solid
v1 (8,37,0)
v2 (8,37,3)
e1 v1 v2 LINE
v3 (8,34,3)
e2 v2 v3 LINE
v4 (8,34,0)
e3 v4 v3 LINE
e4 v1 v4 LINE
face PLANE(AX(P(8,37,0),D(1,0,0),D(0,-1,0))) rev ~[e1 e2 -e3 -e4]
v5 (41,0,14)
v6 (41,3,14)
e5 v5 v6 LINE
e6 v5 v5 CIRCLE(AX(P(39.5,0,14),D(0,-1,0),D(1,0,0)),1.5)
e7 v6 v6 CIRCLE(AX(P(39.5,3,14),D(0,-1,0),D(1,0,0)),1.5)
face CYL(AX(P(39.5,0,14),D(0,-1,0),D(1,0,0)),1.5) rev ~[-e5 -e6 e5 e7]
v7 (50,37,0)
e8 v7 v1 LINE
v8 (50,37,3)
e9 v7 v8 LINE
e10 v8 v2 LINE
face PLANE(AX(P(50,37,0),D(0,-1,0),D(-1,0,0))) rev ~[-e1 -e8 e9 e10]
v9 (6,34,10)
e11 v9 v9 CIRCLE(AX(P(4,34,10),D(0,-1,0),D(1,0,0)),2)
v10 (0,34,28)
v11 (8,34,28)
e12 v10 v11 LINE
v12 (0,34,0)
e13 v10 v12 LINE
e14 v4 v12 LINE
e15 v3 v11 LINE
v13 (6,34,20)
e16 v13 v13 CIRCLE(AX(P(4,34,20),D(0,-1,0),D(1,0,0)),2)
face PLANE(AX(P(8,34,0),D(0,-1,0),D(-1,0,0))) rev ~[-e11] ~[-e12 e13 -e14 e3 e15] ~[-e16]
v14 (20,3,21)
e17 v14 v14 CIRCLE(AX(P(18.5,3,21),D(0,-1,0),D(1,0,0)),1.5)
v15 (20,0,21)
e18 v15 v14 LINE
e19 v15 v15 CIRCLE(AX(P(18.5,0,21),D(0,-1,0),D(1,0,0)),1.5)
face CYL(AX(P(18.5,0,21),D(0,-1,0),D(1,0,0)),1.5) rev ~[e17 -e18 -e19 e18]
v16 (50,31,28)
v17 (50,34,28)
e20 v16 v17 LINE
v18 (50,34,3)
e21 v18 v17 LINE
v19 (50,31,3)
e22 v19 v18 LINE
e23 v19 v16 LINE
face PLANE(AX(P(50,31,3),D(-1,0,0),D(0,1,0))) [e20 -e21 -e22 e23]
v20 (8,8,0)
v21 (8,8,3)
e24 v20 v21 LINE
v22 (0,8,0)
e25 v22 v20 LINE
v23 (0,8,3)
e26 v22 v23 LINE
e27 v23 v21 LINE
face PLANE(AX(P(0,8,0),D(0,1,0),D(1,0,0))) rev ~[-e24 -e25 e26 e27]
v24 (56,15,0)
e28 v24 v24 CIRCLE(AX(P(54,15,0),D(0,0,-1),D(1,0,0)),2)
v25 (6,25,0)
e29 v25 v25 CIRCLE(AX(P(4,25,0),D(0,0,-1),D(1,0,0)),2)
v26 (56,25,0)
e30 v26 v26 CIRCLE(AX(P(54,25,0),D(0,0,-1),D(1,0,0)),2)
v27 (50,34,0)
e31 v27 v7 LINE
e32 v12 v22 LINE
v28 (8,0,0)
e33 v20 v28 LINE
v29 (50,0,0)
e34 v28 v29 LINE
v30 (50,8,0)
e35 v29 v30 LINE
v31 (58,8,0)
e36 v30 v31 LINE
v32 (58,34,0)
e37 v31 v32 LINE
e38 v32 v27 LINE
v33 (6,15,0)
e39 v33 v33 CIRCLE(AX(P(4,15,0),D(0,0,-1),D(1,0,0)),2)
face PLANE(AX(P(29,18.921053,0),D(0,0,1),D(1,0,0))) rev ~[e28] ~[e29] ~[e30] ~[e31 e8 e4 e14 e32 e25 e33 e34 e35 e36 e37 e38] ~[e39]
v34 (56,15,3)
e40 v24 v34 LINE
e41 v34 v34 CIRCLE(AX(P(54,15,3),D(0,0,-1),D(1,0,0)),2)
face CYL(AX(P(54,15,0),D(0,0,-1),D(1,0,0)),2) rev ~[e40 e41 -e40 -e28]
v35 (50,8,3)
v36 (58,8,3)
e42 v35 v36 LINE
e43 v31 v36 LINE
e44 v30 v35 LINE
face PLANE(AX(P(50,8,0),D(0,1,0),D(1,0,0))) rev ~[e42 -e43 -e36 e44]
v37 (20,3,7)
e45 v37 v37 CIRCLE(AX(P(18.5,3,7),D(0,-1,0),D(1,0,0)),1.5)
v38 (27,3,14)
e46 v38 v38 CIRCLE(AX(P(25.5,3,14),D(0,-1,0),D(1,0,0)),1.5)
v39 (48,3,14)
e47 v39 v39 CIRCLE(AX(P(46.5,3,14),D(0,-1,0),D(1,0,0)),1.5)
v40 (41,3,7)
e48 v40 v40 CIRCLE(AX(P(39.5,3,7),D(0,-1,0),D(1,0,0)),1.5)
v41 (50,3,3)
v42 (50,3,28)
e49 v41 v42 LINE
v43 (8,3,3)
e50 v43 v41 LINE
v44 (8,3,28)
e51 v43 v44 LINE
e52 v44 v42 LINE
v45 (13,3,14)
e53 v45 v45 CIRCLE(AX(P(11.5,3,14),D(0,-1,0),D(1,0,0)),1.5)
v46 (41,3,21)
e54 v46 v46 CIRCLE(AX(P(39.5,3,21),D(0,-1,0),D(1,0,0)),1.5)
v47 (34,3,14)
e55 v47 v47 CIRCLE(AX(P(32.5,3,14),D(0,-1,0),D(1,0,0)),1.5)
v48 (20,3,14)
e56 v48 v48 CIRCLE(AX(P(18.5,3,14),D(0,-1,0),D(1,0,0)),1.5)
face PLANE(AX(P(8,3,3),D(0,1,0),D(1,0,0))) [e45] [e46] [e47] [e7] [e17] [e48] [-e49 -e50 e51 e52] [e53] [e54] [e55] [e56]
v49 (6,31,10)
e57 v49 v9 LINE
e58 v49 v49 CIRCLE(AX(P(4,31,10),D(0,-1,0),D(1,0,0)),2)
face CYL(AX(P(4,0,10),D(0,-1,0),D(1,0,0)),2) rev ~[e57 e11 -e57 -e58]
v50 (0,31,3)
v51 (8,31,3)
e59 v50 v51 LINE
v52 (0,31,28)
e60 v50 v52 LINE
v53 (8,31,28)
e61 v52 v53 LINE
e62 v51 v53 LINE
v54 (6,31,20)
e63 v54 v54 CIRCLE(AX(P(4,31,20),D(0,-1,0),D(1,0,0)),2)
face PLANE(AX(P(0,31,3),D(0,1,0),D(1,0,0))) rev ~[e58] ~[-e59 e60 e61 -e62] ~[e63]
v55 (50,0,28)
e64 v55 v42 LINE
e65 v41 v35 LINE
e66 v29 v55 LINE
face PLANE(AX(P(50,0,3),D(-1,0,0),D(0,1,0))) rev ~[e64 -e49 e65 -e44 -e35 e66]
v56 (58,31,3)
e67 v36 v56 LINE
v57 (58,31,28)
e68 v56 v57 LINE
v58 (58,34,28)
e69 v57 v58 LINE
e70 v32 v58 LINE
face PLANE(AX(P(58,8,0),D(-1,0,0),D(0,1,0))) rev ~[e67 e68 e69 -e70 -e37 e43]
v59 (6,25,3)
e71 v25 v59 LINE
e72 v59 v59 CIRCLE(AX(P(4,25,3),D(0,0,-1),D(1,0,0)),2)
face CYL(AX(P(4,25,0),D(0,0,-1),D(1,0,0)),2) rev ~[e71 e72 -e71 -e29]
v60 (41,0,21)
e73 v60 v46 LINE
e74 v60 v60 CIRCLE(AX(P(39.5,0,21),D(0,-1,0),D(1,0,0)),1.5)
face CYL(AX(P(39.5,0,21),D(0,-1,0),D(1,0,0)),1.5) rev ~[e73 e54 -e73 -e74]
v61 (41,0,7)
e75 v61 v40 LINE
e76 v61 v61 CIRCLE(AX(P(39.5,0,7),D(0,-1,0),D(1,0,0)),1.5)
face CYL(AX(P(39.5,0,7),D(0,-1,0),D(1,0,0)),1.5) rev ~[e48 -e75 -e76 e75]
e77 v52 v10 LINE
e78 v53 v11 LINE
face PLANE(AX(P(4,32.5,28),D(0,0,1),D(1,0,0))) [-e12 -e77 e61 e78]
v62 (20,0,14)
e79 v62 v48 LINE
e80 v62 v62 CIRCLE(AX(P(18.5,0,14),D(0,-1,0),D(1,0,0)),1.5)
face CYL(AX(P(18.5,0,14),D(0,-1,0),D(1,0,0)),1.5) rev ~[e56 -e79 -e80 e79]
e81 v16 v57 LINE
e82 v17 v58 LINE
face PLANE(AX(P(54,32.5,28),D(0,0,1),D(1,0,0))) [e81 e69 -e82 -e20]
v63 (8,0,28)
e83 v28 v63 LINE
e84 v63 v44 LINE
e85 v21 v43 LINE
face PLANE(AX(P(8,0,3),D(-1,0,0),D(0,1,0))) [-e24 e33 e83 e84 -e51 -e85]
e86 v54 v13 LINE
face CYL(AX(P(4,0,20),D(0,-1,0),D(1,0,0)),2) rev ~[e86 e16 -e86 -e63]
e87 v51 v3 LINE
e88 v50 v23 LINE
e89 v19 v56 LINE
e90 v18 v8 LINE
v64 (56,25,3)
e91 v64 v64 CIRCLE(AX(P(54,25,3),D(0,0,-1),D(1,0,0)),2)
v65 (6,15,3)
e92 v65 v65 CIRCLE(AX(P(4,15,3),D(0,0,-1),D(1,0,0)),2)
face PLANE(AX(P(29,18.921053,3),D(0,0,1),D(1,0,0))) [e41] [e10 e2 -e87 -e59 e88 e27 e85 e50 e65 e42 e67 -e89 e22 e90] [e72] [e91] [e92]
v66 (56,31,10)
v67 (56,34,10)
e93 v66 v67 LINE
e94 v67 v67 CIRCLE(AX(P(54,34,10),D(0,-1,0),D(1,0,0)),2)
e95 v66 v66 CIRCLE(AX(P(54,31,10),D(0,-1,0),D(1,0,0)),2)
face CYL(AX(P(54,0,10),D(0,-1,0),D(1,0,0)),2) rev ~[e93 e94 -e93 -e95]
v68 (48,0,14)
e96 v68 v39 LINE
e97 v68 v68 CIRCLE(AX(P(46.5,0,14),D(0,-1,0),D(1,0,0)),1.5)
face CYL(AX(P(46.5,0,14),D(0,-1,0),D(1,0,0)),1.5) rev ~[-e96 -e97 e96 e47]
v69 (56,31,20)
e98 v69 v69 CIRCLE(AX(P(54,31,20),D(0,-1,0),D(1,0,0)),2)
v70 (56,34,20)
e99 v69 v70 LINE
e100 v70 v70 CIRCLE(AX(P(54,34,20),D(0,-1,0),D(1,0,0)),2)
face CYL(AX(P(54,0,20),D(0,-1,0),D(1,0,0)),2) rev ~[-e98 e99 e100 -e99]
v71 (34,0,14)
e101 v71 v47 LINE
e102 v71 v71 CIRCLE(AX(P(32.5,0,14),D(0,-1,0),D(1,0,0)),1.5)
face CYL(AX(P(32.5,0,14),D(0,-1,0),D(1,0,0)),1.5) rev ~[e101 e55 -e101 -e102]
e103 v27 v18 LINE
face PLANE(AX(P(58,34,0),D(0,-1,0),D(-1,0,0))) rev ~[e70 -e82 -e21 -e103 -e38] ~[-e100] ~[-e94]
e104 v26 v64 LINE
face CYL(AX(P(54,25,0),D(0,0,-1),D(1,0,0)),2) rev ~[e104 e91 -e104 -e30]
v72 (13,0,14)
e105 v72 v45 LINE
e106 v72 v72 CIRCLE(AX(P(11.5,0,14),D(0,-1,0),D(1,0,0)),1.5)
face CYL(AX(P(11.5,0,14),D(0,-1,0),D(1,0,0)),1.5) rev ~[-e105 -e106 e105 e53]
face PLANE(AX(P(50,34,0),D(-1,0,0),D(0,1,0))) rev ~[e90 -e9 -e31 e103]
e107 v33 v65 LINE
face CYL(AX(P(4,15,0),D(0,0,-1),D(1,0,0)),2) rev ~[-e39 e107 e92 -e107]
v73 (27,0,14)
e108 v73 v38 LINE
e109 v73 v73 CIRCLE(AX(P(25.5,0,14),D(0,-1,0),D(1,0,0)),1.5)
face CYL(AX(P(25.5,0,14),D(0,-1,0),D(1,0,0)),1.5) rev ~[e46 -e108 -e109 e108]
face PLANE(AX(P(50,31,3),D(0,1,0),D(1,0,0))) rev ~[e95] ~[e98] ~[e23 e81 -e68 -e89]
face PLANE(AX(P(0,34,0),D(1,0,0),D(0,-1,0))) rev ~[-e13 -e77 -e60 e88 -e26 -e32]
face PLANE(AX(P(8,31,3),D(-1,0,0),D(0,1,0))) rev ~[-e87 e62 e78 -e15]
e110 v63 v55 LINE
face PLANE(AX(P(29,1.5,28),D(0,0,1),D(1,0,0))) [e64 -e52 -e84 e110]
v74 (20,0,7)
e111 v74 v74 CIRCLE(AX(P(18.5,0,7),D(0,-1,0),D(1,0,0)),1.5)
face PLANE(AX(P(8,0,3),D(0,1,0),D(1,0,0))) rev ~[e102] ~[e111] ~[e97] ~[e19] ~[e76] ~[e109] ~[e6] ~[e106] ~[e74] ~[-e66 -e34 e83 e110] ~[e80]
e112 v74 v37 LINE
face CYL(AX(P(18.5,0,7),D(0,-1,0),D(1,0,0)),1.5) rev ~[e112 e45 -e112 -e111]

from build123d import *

# Parameters (mm, degrees)
F1_DEPTH = 3
F2_W     = 42
F2_H     = 3
F2_W_2   = 8
F3_DEPTH = 25
F4_R     = 2
F5_DEPTH = 37.001
F6_R     = 1.5
F7_DEPTH = 37.001
F8_R     = 2
F9_DEPTH = 28.001


with BuildPart() as f1:
    # F0 (on Top) → F1 (new body)
    with BuildSketch(Plane.XY):
        Polygon((8, 8), (8, 0), (50, 0), (50, 8), (58, 8), (58, 34), (50, 34), (50, 37), (8, 37), (8, 34), (0, 34), (0, 8), align=None)
    extrude(amount=F1_DEPTH)

    # F2 (on face) → F3 (join)
    with BuildSketch(Plane.XY.offset(3)):
        with Locations((29, 1.5)):
            Rectangle(F2_W, F2_H)
        with Locations((4, 32.5)):
            Rectangle(F2_W_2, F2_H)
        with Locations((54, 32.5)):
            Rectangle(F2_W_2, F2_H)
    extrude(amount=F3_DEPTH)

    # F4 (on Front) → F5 (cut, through all)
    with BuildSketch(Plane.XZ):
        with Locations((54, 20)):
            Circle(F4_R)
        with Locations((54, 10)):
            Circle(F4_R)
        with Locations((4, 20)):
            Circle(F4_R)
        with Locations((4, 10)):
            Circle(F4_R)
    extrude(amount=-F5_DEPTH, mode=Mode.SUBTRACT)

    # F6 (on face) → F7 (cut, through all)
    with BuildSketch(Plane.XZ):
        with Locations((39.5, 14)):
            Circle(F6_R)
        with Locations((39.5, 21)):
            Circle(F6_R)
        with Locations((32.5, 14)):
            Circle(F6_R)
        with Locations((25.5, 14)):
            Circle(F6_R)
        with Locations((18.5, 14)):
            Circle(F6_R)
        with Locations((11.5, 14)):
            Circle(F6_R)
        with Locations((46.5, 14)):
            Circle(F6_R)
        with Locations((18.5, 21)):
            Circle(F6_R)
        with Locations((39.5, 7)):
            Circle(F6_R)
        with Locations((18.5, 7)):
            Circle(F6_R)
    extrude(amount=-F7_DEPTH, mode=Mode.SUBTRACT)

    # F8 (on face) → F9 (cut, through all)
    with BuildSketch(Plane(origin=(0, 0, 0), x_dir=(1, 0, 0), z_dir=(0, 0, -1))):
        with Locations((4, -15)):
            Circle(F8_R)
        with Locations((4, -25)):
            Circle(F8_R)
        with Locations((54, -25)):
            Circle(F8_R)
        with Locations((54, -15)):
            Circle(F8_R)
    extrude(amount=-F9_DEPTH, mode=Mode.SUBTRACT)


solid = f1.part
